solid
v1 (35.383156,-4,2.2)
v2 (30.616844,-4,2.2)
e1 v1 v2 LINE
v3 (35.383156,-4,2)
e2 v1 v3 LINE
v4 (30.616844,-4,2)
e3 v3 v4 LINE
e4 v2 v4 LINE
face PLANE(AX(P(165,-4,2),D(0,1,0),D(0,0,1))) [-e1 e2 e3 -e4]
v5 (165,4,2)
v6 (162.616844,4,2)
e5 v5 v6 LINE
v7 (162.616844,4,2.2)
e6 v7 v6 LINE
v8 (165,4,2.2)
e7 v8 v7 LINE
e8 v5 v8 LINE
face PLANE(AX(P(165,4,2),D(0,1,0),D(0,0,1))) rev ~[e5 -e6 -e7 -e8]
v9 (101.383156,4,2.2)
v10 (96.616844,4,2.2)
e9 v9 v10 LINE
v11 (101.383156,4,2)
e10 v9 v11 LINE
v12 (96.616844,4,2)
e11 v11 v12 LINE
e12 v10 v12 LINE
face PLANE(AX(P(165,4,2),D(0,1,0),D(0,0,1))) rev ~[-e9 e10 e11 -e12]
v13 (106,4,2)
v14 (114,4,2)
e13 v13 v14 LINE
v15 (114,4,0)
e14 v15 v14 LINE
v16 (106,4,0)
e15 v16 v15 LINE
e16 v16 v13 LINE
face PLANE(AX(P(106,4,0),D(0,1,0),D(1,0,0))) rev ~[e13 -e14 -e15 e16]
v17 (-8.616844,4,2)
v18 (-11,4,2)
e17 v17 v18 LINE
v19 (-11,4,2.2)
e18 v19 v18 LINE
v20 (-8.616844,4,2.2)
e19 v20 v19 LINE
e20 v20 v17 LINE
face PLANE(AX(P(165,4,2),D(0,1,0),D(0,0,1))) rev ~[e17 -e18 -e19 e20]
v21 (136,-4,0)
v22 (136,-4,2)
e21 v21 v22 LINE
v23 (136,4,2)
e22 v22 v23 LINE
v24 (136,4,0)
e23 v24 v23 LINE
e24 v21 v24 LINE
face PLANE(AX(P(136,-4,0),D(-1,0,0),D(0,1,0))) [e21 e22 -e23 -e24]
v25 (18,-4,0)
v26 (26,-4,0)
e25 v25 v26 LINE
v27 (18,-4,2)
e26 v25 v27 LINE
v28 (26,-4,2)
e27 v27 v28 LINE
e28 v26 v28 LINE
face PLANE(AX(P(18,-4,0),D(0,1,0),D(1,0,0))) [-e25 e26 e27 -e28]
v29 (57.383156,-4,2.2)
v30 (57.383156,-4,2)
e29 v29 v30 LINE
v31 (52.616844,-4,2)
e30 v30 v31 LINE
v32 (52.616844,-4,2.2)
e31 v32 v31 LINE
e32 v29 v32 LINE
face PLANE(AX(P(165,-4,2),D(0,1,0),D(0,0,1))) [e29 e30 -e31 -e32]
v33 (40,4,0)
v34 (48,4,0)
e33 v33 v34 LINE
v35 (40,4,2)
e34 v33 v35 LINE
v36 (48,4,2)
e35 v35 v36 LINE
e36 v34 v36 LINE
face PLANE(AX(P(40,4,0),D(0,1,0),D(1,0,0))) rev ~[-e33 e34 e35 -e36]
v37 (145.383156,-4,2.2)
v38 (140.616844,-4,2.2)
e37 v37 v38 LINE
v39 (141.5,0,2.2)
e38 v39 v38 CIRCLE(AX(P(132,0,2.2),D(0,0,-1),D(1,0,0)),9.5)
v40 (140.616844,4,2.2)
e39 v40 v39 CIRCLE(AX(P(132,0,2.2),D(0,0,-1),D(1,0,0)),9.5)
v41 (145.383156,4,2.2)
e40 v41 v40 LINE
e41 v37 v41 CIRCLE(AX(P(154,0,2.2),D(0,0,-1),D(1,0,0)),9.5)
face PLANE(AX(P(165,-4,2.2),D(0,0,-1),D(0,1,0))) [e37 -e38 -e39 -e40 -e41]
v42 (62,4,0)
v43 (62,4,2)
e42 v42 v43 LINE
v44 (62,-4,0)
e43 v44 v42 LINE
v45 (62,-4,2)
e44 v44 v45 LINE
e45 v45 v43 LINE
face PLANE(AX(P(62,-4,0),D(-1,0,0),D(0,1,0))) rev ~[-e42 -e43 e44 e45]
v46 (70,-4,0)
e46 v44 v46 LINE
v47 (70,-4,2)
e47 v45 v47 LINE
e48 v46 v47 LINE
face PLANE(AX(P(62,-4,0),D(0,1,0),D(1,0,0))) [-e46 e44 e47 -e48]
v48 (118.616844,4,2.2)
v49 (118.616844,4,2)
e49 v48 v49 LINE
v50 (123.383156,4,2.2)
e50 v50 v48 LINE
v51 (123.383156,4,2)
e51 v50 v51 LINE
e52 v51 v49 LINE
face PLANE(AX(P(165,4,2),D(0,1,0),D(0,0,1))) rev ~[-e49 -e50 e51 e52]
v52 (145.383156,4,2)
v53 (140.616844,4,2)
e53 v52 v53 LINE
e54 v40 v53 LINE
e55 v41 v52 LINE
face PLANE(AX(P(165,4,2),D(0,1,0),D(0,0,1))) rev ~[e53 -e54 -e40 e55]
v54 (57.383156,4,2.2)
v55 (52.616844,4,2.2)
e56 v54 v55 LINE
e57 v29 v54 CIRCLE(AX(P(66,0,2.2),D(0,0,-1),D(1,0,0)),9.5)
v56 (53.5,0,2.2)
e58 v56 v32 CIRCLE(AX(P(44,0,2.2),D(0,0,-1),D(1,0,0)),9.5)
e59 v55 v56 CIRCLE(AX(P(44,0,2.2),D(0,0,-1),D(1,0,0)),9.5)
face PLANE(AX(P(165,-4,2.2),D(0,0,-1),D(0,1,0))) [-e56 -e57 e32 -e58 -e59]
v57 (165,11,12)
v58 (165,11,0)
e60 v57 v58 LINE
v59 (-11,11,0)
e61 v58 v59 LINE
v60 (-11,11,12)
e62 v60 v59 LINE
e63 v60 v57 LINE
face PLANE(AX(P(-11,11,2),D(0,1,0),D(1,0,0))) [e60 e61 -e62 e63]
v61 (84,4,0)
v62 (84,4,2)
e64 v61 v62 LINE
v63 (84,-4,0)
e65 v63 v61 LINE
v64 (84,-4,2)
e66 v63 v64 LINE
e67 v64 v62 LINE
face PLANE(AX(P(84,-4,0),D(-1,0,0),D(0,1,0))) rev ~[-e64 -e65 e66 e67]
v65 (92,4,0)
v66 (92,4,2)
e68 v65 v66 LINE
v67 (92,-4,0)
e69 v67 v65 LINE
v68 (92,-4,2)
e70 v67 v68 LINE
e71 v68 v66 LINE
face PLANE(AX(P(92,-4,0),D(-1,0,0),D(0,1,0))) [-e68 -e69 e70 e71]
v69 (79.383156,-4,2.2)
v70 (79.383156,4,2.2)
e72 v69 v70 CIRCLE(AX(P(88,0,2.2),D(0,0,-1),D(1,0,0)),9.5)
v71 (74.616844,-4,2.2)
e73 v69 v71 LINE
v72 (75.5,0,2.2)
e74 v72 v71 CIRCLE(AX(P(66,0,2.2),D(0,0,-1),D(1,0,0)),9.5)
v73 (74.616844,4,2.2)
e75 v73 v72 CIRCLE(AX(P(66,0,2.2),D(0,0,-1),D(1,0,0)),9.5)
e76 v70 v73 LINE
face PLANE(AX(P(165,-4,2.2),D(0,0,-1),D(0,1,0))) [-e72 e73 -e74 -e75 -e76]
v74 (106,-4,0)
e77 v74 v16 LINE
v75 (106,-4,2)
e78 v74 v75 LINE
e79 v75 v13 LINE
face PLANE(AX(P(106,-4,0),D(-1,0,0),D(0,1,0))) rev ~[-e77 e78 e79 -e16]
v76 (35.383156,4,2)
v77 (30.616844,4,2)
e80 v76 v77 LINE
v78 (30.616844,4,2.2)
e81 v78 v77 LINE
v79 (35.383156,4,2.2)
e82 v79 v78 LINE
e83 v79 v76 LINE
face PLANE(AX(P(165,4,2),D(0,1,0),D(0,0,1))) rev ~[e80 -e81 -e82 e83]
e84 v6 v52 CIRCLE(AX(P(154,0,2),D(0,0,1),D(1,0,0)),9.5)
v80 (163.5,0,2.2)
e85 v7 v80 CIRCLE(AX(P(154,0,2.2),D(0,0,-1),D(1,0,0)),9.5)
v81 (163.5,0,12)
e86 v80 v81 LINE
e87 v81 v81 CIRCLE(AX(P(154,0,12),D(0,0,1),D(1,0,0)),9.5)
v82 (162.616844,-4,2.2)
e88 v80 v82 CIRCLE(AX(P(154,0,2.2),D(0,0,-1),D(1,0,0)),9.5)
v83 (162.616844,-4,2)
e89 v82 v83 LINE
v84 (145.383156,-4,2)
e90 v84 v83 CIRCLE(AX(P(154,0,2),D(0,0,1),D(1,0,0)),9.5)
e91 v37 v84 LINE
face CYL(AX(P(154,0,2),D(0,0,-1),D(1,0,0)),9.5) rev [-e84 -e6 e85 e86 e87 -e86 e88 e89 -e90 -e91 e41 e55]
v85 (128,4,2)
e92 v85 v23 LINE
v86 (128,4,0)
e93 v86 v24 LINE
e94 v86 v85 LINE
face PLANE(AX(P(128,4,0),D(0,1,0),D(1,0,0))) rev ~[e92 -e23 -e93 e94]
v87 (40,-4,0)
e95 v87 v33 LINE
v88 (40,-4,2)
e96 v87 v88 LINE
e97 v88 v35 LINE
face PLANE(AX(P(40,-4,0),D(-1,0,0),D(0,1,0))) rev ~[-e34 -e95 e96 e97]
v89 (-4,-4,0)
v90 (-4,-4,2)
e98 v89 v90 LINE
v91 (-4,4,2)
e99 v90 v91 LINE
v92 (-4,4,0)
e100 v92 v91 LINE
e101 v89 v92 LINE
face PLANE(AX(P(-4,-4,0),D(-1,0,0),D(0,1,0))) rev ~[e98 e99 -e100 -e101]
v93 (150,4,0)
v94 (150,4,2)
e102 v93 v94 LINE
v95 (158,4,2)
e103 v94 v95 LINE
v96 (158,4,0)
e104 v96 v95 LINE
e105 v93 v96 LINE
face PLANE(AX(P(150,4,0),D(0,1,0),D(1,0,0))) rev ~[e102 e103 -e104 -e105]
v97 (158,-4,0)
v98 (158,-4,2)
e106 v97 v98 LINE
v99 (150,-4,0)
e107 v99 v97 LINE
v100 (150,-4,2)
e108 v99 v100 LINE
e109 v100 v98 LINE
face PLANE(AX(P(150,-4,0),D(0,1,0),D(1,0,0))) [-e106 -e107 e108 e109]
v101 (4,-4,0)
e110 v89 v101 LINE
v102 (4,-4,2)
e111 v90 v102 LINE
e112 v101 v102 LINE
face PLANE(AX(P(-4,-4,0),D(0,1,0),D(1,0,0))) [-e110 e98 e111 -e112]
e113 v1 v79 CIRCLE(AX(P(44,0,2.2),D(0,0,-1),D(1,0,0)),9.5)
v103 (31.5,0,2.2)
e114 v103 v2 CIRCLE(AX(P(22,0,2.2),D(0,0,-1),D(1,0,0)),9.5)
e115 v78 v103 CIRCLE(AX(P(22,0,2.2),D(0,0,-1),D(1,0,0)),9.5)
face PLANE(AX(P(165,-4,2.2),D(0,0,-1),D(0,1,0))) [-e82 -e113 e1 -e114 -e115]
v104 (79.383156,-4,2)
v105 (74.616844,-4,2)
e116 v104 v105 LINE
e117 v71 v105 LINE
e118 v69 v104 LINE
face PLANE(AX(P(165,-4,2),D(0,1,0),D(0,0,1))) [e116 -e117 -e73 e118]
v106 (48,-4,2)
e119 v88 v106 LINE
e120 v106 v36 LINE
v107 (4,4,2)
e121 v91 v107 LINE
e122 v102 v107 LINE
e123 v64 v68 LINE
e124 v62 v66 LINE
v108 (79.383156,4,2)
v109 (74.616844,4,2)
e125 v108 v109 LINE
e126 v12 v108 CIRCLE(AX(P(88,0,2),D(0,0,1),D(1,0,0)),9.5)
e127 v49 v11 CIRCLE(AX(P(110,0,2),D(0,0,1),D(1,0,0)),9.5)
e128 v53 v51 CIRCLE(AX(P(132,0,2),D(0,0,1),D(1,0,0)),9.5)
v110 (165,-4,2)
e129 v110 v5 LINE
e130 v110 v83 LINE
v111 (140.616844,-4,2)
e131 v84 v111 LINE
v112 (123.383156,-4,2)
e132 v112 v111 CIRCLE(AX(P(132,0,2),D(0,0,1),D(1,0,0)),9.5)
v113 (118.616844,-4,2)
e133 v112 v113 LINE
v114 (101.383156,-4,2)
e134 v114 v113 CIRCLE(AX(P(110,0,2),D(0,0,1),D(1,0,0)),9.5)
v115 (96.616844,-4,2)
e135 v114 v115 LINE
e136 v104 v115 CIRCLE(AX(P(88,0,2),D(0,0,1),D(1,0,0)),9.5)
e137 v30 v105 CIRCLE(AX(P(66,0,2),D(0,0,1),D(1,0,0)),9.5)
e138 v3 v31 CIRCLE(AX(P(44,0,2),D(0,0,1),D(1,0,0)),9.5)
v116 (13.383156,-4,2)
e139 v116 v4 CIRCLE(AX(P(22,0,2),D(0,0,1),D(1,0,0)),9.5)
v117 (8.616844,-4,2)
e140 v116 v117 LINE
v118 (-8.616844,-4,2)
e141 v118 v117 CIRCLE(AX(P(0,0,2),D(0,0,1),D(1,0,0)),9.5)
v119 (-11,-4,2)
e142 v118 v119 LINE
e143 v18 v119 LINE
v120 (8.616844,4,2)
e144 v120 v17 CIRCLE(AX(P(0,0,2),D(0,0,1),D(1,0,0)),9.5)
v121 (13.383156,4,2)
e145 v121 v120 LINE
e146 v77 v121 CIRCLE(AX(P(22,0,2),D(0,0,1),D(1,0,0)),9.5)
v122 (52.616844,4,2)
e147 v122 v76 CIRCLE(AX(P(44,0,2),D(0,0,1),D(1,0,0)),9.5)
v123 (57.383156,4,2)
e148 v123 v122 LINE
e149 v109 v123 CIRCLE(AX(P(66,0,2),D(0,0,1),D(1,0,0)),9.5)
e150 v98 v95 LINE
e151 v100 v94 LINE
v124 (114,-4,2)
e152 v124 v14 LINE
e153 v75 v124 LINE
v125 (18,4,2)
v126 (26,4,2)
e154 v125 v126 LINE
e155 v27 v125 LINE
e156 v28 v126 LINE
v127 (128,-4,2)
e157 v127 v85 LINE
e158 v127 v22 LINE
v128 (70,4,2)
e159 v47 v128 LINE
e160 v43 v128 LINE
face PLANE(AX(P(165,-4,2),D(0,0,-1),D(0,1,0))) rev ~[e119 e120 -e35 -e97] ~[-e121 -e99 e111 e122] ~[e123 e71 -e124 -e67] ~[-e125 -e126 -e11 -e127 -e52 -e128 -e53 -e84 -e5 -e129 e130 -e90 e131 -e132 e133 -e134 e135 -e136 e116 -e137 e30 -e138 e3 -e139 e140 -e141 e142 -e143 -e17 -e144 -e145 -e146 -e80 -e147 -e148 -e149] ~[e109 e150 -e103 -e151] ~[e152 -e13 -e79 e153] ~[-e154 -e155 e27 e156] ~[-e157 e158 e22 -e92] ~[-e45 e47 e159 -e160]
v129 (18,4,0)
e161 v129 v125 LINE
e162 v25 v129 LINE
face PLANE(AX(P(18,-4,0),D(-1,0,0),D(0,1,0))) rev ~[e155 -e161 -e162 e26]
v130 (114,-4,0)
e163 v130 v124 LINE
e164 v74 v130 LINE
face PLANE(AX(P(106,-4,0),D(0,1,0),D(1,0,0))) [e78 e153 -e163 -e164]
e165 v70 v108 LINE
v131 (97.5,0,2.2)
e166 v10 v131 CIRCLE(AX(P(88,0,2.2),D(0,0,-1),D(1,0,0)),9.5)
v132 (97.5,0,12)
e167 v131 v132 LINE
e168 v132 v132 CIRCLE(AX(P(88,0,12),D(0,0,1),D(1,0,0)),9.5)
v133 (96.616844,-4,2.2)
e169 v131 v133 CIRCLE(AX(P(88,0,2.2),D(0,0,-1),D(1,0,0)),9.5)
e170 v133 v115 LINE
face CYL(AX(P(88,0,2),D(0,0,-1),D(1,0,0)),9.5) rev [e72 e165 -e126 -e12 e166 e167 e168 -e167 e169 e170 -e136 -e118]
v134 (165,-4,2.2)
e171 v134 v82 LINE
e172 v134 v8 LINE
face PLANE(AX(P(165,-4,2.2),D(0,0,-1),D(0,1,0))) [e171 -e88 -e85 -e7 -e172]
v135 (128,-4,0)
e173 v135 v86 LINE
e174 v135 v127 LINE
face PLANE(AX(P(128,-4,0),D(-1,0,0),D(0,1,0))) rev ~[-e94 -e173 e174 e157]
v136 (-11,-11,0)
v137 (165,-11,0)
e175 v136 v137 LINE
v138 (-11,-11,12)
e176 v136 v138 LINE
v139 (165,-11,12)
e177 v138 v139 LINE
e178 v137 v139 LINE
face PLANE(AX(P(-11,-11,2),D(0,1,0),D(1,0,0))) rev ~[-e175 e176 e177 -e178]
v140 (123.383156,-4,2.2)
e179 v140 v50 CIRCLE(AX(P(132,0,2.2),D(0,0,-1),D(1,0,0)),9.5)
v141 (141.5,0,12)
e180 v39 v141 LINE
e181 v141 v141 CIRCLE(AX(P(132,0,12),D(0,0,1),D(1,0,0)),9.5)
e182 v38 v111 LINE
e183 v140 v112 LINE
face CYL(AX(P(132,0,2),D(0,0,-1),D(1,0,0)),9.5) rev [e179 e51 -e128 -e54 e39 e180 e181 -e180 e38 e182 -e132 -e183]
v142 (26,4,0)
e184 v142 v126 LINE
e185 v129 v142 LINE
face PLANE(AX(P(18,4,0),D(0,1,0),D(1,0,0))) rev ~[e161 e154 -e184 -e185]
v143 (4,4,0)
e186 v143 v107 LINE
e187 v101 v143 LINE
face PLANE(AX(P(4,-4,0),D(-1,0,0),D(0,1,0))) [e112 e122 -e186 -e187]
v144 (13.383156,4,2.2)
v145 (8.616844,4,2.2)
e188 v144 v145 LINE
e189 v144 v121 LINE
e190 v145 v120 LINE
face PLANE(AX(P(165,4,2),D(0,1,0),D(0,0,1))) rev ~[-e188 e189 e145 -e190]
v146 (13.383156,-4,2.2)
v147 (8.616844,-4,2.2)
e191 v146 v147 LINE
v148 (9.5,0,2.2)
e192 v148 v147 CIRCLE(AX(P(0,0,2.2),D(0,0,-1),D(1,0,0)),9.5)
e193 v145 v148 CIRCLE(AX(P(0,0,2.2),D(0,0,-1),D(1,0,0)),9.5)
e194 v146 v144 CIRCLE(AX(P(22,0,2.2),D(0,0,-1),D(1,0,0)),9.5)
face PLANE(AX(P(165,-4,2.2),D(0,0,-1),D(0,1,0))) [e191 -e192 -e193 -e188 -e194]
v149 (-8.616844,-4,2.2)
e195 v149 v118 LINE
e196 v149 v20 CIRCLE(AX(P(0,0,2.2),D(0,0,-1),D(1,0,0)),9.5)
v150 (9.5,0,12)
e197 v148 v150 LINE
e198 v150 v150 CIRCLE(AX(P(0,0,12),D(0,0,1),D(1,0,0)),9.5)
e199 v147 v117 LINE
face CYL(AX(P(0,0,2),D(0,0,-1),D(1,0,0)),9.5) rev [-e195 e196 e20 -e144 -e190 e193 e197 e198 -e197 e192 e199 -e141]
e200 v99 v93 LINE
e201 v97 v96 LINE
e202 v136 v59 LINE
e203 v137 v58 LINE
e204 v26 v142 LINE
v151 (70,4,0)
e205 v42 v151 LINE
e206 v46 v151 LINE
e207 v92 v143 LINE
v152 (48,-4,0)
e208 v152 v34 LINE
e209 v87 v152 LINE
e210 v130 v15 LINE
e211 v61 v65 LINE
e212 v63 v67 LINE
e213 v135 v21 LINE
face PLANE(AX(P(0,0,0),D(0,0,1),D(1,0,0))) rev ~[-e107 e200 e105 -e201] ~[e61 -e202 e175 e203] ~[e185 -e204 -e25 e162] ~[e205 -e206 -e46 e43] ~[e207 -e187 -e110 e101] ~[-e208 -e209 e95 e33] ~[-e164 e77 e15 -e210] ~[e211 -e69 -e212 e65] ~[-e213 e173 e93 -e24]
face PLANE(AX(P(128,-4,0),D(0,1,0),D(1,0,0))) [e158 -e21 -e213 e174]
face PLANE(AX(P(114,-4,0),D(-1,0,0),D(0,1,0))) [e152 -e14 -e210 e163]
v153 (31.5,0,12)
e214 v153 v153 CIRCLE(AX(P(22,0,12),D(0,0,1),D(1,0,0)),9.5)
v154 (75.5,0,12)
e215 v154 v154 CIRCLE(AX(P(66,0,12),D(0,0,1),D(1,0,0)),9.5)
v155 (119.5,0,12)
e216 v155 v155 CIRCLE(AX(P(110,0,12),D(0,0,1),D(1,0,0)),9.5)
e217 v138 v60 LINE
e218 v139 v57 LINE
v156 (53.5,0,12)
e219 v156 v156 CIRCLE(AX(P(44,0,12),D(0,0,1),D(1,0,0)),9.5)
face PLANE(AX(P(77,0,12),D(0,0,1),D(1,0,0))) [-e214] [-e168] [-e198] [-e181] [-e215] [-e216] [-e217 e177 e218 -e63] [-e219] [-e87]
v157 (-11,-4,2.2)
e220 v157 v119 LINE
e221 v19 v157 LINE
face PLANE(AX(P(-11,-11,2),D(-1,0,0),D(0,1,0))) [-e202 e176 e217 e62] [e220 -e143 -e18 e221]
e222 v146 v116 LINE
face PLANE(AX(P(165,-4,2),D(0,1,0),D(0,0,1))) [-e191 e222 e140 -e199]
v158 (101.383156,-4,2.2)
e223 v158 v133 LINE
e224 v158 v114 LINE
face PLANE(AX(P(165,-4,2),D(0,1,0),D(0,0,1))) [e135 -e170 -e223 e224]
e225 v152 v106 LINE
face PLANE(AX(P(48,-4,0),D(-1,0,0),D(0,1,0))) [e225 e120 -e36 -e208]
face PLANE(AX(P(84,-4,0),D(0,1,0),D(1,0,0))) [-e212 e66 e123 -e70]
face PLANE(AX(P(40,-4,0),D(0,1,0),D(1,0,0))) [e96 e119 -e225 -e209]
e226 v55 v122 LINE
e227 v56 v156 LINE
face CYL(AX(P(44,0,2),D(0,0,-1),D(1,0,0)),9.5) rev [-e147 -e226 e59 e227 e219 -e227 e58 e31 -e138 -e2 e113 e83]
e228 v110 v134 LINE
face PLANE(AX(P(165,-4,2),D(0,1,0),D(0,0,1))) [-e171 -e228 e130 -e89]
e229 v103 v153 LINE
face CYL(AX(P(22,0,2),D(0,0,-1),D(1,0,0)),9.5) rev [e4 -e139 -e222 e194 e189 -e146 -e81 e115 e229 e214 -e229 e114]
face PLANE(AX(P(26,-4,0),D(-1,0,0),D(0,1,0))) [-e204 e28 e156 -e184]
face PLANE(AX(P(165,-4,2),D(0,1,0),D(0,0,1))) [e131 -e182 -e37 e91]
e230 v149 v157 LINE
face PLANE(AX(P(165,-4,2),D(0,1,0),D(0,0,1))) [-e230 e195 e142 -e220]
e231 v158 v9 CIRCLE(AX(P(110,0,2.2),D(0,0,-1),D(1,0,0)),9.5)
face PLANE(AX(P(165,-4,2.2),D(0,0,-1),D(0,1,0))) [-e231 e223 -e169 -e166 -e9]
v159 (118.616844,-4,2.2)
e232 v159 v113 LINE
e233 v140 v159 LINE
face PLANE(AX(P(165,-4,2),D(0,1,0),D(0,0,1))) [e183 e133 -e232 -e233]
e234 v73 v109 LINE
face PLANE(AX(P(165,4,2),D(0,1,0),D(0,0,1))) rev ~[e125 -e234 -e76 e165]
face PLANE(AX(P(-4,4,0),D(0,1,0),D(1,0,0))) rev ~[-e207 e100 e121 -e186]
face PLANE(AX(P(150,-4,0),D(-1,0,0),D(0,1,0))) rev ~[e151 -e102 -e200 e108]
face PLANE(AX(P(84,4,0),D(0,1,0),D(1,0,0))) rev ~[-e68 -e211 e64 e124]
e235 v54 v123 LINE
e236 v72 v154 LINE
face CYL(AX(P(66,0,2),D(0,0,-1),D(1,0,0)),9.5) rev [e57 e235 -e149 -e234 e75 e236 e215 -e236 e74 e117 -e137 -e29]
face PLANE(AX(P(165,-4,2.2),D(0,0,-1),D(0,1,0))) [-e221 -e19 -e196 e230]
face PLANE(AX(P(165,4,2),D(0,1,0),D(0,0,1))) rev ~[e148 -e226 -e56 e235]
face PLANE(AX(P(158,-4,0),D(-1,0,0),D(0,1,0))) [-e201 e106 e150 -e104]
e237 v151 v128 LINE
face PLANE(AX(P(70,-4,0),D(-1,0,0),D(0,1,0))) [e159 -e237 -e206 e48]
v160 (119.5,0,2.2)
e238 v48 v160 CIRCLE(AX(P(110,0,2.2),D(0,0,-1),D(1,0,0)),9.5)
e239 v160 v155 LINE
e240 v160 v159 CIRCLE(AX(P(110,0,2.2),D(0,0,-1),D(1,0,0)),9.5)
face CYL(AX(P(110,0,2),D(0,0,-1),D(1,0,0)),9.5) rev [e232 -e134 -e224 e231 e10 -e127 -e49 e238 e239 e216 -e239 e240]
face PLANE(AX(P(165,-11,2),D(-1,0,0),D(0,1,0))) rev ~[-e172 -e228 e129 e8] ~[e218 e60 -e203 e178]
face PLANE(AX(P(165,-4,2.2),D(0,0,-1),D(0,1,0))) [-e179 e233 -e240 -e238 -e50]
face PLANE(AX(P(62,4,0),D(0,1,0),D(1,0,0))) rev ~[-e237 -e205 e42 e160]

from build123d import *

# Parameters (mm, degrees)
F0_W     = 22
F0_H     = 22
F0_W_2   = 8
F0_H_2   = 8
F1_DEPTH = 2
F2_W     = 176
F2_H     = 22
F2_R     = 9.5
F3_DEPTH = 10
F4_W     = 8
F4_H     = 0.2
F5_DEPTH = 176.001


with BuildPart() as f1:
    # F0 (on Top) → F1 (new body)
    with BuildSketch(Plane.XY):
        Rectangle(F0_W, F0_H)
        Rectangle(F0_W_2, F0_H_2, mode=Mode.SUBTRACT)
        with Locations((22, 0)):
            Rectangle(F0_W, F0_H)
        with Locations((22, 0)):
            Rectangle(F0_W_2, F0_H_2, mode=Mode.SUBTRACT)
        with Locations((44, 0)):
            Rectangle(F0_W, F0_H)
        with Locations((44, 0)):
            Rectangle(F0_W_2, F0_H_2, mode=Mode.SUBTRACT)
        with Locations((66, 0)):
            Rectangle(F0_W, F0_H)
        with Locations((66, 0)):
            Rectangle(F0_W_2, F0_H_2, mode=Mode.SUBTRACT)
        with Locations((88, 0)):
            Rectangle(F0_W, F0_H)
        with Locations((88, 0)):
            Rectangle(F0_W_2, F0_H_2, mode=Mode.SUBTRACT)
        with Locations((110, 0)):
            Rectangle(F0_W, F0_H)
        with Locations((110, 0)):
            Rectangle(F0_W_2, F0_H_2, mode=Mode.SUBTRACT)
        with Locations((132, 0)):
            Rectangle(F0_W, F0_H)
        with Locations((132, 0)):
            Rectangle(F0_W_2, F0_H_2, mode=Mode.SUBTRACT)
        with Locations((154, 0)):
            Rectangle(F0_W, F0_H)
        with Locations((154, 0)):
            Rectangle(F0_W_2, F0_H_2, mode=Mode.SUBTRACT)
    extrude(amount=F1_DEPTH)

    # F2 (on face) → F3 (join)
    with BuildSketch(Plane.XY.offset(2)):
        with Locations((77, 0)):
            Rectangle(F2_W, F2_H)
        Circle(F2_R, mode=Mode.SUBTRACT)
        with Locations((22, 0)):
            Circle(F2_R, mode=Mode.SUBTRACT)
        with Locations((44, 0)):
            Circle(F2_R, mode=Mode.SUBTRACT)
        with Locations((66, 0)):
            Circle(F2_R, mode=Mode.SUBTRACT)
        with Locations((88, 0)):
            Circle(F2_R, mode=Mode.SUBTRACT)
        with Locations((110, 0)):
            Circle(F2_R, mode=Mode.SUBTRACT)
        with Locations((132, 0)):
            Circle(F2_R, mode=Mode.SUBTRACT)
        with Locations((154, 0)):
            Circle(F2_R, mode=Mode.SUBTRACT)
    extrude(amount=F3_DEPTH)

    # F4 (on face) → F5 (cut, through all)
    with BuildSketch(Plane.YZ.offset(165)):
        with Locations((0, 2.1)):
            Rectangle(F4_W, F4_H)
    extrude(amount=-F5_DEPTH, mode=Mode.SUBTRACT)


solid = f1.part
